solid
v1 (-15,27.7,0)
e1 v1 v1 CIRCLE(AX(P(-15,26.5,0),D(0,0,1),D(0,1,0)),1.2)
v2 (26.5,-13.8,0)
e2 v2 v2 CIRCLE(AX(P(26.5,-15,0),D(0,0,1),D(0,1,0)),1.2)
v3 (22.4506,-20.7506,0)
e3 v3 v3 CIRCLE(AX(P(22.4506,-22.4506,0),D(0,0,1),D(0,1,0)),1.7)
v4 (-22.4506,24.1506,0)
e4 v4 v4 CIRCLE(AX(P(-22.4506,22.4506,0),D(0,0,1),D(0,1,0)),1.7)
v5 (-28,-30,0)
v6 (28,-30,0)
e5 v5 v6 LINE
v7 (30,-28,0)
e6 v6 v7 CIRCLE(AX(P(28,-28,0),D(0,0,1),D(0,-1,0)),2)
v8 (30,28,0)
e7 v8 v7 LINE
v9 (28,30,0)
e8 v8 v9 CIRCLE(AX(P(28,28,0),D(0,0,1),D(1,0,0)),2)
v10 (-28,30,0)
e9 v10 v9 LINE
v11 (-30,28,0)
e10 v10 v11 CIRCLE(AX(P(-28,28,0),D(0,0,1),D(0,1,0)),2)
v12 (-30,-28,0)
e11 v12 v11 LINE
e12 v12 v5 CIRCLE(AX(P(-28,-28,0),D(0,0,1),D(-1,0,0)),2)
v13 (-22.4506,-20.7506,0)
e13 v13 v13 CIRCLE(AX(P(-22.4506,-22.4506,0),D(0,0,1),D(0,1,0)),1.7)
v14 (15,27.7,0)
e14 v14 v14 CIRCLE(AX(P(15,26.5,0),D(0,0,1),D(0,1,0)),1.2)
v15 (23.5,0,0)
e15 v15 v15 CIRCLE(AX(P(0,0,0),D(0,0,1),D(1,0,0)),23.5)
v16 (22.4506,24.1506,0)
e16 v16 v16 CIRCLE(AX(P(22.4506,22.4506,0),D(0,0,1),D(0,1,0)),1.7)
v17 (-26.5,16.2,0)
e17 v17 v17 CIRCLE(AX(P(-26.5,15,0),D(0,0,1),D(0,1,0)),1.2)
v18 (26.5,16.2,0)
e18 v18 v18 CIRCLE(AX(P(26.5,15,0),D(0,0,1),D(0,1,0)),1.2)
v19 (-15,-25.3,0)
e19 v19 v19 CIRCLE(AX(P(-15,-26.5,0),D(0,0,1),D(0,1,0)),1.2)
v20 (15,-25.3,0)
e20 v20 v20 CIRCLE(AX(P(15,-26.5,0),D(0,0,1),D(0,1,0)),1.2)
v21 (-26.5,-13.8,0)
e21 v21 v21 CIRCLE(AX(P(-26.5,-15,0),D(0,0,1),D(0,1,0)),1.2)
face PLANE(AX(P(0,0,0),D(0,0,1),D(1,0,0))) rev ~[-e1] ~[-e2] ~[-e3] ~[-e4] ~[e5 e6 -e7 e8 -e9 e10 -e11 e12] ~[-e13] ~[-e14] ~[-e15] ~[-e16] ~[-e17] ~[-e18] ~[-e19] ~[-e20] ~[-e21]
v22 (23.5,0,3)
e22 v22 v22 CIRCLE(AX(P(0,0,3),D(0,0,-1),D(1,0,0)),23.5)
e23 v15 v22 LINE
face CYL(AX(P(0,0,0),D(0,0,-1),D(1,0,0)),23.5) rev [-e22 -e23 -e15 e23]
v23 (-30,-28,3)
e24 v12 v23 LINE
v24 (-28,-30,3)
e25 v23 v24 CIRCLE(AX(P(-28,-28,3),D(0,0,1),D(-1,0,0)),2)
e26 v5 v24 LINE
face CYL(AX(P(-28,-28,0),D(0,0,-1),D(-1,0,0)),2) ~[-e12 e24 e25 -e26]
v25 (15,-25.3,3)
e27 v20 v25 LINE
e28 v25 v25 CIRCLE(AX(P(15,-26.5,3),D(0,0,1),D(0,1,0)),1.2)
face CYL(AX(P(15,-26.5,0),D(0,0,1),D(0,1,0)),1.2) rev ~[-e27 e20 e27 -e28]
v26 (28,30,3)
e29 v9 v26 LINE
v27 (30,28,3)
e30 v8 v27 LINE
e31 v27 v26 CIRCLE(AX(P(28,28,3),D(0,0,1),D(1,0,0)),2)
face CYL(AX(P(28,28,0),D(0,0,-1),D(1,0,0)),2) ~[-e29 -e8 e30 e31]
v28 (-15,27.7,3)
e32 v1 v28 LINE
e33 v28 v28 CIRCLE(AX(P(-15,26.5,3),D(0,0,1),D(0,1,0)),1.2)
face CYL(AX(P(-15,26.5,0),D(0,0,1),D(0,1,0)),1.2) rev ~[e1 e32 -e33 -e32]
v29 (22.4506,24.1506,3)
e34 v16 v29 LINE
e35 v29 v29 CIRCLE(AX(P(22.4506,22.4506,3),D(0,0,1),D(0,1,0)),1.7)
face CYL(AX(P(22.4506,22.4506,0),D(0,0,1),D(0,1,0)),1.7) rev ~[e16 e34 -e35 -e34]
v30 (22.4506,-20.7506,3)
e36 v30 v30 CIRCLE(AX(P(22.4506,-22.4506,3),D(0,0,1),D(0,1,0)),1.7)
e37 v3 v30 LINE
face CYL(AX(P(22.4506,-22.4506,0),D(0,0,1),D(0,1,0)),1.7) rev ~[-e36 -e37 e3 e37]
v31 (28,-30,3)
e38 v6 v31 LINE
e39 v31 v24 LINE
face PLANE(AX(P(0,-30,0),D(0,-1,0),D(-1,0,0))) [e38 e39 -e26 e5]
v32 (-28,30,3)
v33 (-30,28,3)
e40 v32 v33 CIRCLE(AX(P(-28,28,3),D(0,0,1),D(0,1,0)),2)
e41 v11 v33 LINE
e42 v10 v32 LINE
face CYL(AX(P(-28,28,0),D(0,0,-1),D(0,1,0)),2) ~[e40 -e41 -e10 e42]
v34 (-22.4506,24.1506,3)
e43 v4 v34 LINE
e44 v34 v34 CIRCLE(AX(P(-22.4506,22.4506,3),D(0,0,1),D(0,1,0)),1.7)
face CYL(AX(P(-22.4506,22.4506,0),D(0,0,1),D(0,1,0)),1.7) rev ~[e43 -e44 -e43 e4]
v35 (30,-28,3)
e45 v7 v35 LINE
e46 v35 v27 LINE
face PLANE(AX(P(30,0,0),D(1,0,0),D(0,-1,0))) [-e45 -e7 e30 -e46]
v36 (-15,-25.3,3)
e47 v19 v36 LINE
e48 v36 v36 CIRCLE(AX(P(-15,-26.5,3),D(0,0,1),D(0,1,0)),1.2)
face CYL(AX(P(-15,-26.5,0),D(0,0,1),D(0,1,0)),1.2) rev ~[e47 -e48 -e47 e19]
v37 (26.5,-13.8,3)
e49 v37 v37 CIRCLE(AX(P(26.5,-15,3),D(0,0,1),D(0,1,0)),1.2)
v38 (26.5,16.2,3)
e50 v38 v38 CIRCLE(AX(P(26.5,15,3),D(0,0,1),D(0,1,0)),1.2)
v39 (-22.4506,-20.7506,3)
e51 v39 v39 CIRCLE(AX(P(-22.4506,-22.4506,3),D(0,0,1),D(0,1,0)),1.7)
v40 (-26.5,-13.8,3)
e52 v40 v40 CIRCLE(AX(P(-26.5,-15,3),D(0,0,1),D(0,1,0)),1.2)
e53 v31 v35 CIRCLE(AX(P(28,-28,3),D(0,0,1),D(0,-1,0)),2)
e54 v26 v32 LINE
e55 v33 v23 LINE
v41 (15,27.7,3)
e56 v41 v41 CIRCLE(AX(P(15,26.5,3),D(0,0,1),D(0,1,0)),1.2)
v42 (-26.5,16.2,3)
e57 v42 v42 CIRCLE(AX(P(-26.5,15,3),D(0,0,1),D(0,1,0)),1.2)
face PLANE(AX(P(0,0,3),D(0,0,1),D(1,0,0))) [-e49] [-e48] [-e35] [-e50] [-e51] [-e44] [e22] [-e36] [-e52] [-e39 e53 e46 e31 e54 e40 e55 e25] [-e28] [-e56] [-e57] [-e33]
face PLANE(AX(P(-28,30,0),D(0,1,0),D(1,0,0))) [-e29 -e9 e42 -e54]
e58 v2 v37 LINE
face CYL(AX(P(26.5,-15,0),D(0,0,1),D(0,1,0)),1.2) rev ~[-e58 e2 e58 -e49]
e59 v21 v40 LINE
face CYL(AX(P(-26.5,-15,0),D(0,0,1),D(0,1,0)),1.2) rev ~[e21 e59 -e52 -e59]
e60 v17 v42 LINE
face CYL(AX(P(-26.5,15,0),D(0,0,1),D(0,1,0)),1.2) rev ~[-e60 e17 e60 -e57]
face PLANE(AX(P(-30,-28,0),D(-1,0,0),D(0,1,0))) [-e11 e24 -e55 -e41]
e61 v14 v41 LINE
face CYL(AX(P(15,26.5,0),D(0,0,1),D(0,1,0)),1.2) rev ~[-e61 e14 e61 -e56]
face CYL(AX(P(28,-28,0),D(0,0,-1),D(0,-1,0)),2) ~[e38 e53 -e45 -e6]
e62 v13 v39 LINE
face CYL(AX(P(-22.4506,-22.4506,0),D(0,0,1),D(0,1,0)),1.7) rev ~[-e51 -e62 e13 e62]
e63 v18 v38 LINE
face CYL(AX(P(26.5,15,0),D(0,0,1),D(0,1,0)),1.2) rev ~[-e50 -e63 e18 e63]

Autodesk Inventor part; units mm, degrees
ref_plane "YZ Plane" through (0, 0, 0) normal (1, 0, 0) x (0, 1, 0)
ref_plane "XZ Plane" through (0, 0, 0) normal (0, 1, 0) x (-1, 0, 0)
ref_plane "XY Plane" through (0, 0, 0) normal (0, 0, 1) x (1, 0, 0)
sketch "Sketch1" plane through (0, 0, 0) normal (0, 0, 1) x (1, 0, 0)
  line L0 (0, -42.5799) -> (0, 42.5799) projected
  line L1 (-42.5799, 0) -> (42.5799, 0) projected
  line L2 (-28, 30) -> (28, 30)
  line L3 (30, 28) -> (30, -28)
  line L4 (28, -30) -> (-28, -30)
  line L5 (-30, -28) -> (-30, 28)
  arc A0 (-28, 30) -> (-30, 28) centre (-28, 28) ccw
  arc A1 (30, 28) -> (28, 30) centre (28, 28) ccw
  arc A2 (28, -30) -> (30, -28) centre (28, -28) ccw
  arc A3 (-30, -28) -> (-28, -30) centre (-28, -28) ccw
  circle A4 centre (0, 0) radius 23.5
  point P0 (-30, 30)
  point P1 (30, 30)
  point P2 (-22.4506, 22.4506)
  point P3 (-26.5, 15)
  point P4 (-15, 26.5)
  point P5 (-15, -26.5)
  point P6 (-22.4506, -22.4506)
  point P7 (-26.5, -15)
  point P8 (26.5, -15)
  point P9 (22.4506, -22.4506)
  point P10 (15, -26.5)
  point P11 (15, 26.5)
  point P12 (22.4506, 22.4506)
  point P13 (26.5, 15)
  point P14 (-21, 0)
  point P15 (21, 0)
  point P16 (-4.25, 0)
  point P17 (4.25, 0)
  point P18 (-24.6219, 5.3878)
  dimension "d0" = 60
  dimension "d1" = 2
  dimension "d2" = 22.4506
  dimension "d3" = 22.4506
  dimension "d4" = 15
  dimension "d5" = 15
  dimension "d6" = 3.5
  dimension "d7" = 3.5
  dimension "d10" = 360
  dimension "d28" = 9
  dimension "d36" = 25.75
  dimension "d48" = 47
extrude "Extrusion2" add sketch "Sketch1" along normal blind 3 contours L4 A3 L5 L1 A4 L0 | L0 A4 L1 L3 A2 L4 | L1 L5 A0 L2 L0 A4 | A4 L0 L2 A1 L3 L1
hole "Hole5" at (15, -26.5, 0) at (26.5, -15, 0) at (-15, -26.5, 0) at (-26.5, -15, 0) at (-26.5, 15, 0) at (-15, 26.5, 0) at (15, 26.5, 0) at (26.5, 15, 0) direction (0, 0, 1) diameter 2.4 end through all clearance for "Countersunk Flat Head Screw DIN EN ISO 2009" size "M2" standard "DIN"
hole "Hole6" at (-22.4506, 22.4506, 0) at (-22.4506, -22.4506, 0) at (22.4506, -22.4506, 0) at (22.4506, 22.4506, 0) direction (0, 0, 1) diameter 3.4 end through all clearance for "Countersunk Flat Head Screw DIN EN ISO 2009" size "M3" standard "DIN"
equation "\"d0\" = backplate_width"
equation "\"d2\" = hole_distance"
equation "\"d3\" = hole_distance"
equation "\"d4\" = screw_distance_center"
equation "\"d5\" = screw_distance_center"
equation "\"d6\" = screw_distance_outside"
equation "\"d7\" = screw_distance_outside"
equation "\"d48\" = circle_dimension_inner"
equation "\"encoder_axis\" = 8"
equation "\"encoder_emboss\" = 0"
equation "\"encoders\" = 0"
equation "\"encoder_width\" = 27"
equation "\"front_plate_thickness\" = 2"
equation "\"glass_thickness\" = 2"
equation "\"screw_distance_outside\" = 3.5"
equation "\"encoder_rad\" = 49"
equation "\"encoder_extrude_hight\" = 3"
equation "\"screw_distance_center\" = 15"
equation "\"ring_top_thickness\" = 2"
equation "\"ring_outer_bevel_depth\" = 0.5"
equation "\"ring_depth\" = 6"
equation "\"ring_outer_bevel_height\" = 3"
equation "\"ring_inner_bevel_depth\" = 3.5"
equation "\"ring_thickness\" = 9"
equation "\"hole_from_center\" = 63.5"
equation "\"circle_dimension_inner\" = 47"
equation "\"circle_dimension\" = 56"
equation "\"backplate_width\" = 60"
equation "\"hole_distance\" = 22.45064"
properties part number "filler_ring-03" material "ABS Plastic"
